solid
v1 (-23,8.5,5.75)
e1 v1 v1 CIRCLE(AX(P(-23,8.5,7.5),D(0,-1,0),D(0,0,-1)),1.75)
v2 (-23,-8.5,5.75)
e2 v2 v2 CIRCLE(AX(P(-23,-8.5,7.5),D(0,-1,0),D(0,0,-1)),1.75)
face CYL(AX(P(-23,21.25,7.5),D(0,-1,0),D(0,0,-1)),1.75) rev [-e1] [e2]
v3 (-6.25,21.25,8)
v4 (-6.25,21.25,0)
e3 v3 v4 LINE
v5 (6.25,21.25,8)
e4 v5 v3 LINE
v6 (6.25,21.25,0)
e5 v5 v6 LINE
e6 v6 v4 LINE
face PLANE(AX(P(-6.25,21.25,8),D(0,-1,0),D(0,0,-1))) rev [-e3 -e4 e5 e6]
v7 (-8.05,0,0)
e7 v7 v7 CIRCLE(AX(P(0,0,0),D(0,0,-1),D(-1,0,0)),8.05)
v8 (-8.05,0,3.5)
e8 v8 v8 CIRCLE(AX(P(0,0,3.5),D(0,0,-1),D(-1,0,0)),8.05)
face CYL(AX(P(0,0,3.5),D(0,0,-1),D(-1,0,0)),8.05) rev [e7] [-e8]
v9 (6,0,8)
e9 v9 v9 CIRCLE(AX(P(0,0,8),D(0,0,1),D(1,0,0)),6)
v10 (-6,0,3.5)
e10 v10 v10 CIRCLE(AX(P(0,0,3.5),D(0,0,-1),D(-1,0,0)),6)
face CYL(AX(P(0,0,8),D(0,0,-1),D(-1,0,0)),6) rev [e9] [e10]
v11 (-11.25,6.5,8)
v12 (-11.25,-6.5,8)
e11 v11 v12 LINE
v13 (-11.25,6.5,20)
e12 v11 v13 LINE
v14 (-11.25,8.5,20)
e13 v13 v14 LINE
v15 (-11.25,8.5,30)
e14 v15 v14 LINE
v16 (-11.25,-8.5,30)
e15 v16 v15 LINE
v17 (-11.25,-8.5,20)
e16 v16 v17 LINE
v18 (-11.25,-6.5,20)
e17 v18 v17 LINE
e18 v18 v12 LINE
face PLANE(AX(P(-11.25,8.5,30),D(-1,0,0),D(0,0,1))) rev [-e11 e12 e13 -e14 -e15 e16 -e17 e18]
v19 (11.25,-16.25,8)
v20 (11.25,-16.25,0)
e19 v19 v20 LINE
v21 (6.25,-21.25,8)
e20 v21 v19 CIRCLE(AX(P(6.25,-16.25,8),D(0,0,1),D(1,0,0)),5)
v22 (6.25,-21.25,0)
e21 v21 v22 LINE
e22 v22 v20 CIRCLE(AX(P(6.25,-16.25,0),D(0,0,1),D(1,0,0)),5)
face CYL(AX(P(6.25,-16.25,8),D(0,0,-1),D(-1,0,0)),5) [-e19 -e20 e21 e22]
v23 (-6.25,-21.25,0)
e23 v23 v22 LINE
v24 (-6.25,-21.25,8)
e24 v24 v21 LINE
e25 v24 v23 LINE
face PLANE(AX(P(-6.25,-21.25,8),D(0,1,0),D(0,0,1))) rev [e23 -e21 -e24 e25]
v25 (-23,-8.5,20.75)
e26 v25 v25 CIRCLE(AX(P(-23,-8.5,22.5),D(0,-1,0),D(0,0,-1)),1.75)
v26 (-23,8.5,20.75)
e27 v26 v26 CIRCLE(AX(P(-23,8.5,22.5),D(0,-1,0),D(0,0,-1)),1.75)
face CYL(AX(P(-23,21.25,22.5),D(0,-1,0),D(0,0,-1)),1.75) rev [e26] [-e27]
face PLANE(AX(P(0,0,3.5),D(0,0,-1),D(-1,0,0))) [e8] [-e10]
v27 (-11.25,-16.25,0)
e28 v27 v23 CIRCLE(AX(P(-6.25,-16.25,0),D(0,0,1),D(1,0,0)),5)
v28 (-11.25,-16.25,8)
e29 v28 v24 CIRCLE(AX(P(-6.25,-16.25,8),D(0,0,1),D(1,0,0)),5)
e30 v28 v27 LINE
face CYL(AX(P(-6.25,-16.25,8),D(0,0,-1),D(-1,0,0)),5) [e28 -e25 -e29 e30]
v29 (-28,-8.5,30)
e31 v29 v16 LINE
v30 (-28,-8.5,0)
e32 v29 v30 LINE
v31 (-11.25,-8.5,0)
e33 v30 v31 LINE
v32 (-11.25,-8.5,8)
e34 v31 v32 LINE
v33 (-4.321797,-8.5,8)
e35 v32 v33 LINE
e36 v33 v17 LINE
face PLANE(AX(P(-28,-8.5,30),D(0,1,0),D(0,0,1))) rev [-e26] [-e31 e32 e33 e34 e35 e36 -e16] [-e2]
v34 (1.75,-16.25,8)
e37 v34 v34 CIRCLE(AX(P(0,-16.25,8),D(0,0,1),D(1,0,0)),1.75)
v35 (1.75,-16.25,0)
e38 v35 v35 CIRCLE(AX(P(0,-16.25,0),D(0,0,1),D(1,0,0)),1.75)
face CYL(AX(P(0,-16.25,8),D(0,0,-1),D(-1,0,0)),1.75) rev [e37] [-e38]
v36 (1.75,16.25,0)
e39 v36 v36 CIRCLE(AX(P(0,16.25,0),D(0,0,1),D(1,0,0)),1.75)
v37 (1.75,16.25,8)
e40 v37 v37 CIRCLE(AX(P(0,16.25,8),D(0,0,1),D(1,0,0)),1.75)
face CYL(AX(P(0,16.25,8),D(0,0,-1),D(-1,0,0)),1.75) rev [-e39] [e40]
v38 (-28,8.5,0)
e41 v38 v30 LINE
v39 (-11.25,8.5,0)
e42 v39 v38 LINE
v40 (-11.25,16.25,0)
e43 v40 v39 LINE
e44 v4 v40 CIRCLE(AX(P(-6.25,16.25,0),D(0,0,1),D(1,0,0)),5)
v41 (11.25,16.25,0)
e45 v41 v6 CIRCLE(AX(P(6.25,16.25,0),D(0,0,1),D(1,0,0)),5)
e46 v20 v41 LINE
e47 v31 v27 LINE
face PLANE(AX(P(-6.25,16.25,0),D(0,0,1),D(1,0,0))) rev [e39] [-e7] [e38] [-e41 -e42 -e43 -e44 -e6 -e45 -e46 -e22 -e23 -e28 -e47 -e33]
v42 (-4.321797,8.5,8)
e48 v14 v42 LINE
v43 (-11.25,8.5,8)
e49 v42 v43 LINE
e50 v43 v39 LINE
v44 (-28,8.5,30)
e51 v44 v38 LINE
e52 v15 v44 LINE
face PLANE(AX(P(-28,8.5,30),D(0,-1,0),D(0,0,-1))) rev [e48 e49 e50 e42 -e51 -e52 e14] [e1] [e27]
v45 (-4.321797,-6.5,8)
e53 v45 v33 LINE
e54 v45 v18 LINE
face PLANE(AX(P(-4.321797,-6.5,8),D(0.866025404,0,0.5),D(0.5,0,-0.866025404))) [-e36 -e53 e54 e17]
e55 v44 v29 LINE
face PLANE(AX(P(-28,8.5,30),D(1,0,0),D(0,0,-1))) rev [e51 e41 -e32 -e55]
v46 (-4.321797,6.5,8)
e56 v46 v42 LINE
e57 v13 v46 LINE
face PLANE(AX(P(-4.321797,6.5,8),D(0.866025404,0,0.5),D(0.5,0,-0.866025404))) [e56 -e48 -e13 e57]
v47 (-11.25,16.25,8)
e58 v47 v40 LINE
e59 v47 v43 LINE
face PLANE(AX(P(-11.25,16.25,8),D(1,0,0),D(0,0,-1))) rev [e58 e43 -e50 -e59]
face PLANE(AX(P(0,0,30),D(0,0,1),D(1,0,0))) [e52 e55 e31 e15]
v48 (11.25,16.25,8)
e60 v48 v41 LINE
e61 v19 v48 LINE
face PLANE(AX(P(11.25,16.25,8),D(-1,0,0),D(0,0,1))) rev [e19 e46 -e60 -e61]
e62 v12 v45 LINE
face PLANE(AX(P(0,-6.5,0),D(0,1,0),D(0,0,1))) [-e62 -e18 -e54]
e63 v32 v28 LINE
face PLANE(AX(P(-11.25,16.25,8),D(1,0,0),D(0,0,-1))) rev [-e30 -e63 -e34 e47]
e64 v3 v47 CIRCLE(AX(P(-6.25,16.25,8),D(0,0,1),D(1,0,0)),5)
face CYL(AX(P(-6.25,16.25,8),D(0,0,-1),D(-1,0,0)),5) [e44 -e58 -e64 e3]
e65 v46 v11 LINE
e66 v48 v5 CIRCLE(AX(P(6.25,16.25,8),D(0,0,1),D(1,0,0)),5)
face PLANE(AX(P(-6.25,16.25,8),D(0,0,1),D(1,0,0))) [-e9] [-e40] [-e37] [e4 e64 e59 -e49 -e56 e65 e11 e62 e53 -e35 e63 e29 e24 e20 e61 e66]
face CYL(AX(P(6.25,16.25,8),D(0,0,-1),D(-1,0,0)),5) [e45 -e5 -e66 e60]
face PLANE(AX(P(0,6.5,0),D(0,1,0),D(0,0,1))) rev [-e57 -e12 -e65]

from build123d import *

# Parameters (mm, degrees)
SKETCH_2_R          = 1.75
SKETCH_2_R_2        = 6
EXTRUDE_1_DEPTH     = 8
SKETCH_3_R          = 8.05
CUT_EXTRUDE_1_DEPTH = 3.5
SKETCH_4_W          = 16.75
SKETCH_4_H          = 17
EXTRUDE_2_DEPTH     = 30
SKETCH_5_R          = 1.75
CUT_EXTRUDE_2_DEPTH = 51.685920136
EXTRUDE_3_DEPTH     = 2
EXTRUDE_4_DEPTH     = 2


with BuildPart() as part:
    # 草图2 → 凸台-拉伸1 (new body)
    with BuildSketch(Plane.XY):
        with BuildLine():
            Line((-6.25, 21.25), (6.25, 21.25))
            ThreePointArc((6.25, 21.25), (9.785533906, 19.785533906), (11.25, 16.25))
            Line((11.25, 16.25), (11.25, -16.25))
            ThreePointArc((11.25, -16.25), (9.785533906, -19.785533906), (6.25, -21.25))
            Line((6.25, -21.25), (-6.25, -21.25))
            ThreePointArc((-6.25, -21.25), (-9.785533906, -19.785533906), (-11.25, -16.25))
            Line((-11.25, -16.25), (-11.25, 16.25))
            ThreePointArc((-11.25, 16.25), (-9.785533906, 19.785533906), (-6.25, 21.25))
        make_face()
        with Locations((0, -16.25)):
            Circle(SKETCH_2_R, mode=Mode.SUBTRACT)
        Circle(SKETCH_2_R_2, mode=Mode.SUBTRACT)
        with Locations((0, 16.25)):
            Circle(SKETCH_2_R, mode=Mode.SUBTRACT)
    extrude(amount=EXTRUDE_1_DEPTH)

    # 草图3 → 切除-拉伸1 (cut)
    with BuildSketch(Plane(origin=(0, 0, 0), x_dir=(-1, 0, 0), z_dir=(0, 0, -1))):
        Circle(SKETCH_3_R)
    extrude(amount=-CUT_EXTRUDE_1_DEPTH, mode=Mode.SUBTRACT)

    # 草图4 → 凸台-拉伸2 (add)
    with BuildSketch(Plane.XY):
        with Locations((-19.625, 0)):
            Rectangle(SKETCH_4_W, SKETCH_4_H)
    extrude(amount=EXTRUDE_2_DEPTH)

    # 草图5 → 切除-拉伸2 (cut, through all)
    with BuildSketch(Plane.XZ.offset(8.5)):
        with Locations(Location((-23, 22.5, 0), (0, 0, 270))):
            Circle(SKETCH_5_R)
        with Locations(Location((-23, 7.5, 0), (0, 0, 270))):
            Circle(SKETCH_5_R)
    extrude(amount=-CUT_EXTRUDE_2_DEPTH, mode=Mode.SUBTRACT)

    # 草图7 → 凸台-拉伸3 (add)
    with BuildSketch(Plane.XZ.offset(8.5)):
        Polygon((-11.25, 20), (-11.25, 8), (-4.32179677, 8), align=None)
    extrude(amount=-EXTRUDE_3_DEPTH)

    # 草图8 → 凸台-拉伸4 (add)
    with BuildSketch(Plane(origin=(0, 8.5, 0), x_dir=(1, 0, 0), z_dir=(0, 1, 0))):
        Polygon((-4.32179677, -8), (-11.25, -20), (-11.25, -8), align=None)
    extrude(amount=-EXTRUDE_4_DEPTH)


solid = part.part
